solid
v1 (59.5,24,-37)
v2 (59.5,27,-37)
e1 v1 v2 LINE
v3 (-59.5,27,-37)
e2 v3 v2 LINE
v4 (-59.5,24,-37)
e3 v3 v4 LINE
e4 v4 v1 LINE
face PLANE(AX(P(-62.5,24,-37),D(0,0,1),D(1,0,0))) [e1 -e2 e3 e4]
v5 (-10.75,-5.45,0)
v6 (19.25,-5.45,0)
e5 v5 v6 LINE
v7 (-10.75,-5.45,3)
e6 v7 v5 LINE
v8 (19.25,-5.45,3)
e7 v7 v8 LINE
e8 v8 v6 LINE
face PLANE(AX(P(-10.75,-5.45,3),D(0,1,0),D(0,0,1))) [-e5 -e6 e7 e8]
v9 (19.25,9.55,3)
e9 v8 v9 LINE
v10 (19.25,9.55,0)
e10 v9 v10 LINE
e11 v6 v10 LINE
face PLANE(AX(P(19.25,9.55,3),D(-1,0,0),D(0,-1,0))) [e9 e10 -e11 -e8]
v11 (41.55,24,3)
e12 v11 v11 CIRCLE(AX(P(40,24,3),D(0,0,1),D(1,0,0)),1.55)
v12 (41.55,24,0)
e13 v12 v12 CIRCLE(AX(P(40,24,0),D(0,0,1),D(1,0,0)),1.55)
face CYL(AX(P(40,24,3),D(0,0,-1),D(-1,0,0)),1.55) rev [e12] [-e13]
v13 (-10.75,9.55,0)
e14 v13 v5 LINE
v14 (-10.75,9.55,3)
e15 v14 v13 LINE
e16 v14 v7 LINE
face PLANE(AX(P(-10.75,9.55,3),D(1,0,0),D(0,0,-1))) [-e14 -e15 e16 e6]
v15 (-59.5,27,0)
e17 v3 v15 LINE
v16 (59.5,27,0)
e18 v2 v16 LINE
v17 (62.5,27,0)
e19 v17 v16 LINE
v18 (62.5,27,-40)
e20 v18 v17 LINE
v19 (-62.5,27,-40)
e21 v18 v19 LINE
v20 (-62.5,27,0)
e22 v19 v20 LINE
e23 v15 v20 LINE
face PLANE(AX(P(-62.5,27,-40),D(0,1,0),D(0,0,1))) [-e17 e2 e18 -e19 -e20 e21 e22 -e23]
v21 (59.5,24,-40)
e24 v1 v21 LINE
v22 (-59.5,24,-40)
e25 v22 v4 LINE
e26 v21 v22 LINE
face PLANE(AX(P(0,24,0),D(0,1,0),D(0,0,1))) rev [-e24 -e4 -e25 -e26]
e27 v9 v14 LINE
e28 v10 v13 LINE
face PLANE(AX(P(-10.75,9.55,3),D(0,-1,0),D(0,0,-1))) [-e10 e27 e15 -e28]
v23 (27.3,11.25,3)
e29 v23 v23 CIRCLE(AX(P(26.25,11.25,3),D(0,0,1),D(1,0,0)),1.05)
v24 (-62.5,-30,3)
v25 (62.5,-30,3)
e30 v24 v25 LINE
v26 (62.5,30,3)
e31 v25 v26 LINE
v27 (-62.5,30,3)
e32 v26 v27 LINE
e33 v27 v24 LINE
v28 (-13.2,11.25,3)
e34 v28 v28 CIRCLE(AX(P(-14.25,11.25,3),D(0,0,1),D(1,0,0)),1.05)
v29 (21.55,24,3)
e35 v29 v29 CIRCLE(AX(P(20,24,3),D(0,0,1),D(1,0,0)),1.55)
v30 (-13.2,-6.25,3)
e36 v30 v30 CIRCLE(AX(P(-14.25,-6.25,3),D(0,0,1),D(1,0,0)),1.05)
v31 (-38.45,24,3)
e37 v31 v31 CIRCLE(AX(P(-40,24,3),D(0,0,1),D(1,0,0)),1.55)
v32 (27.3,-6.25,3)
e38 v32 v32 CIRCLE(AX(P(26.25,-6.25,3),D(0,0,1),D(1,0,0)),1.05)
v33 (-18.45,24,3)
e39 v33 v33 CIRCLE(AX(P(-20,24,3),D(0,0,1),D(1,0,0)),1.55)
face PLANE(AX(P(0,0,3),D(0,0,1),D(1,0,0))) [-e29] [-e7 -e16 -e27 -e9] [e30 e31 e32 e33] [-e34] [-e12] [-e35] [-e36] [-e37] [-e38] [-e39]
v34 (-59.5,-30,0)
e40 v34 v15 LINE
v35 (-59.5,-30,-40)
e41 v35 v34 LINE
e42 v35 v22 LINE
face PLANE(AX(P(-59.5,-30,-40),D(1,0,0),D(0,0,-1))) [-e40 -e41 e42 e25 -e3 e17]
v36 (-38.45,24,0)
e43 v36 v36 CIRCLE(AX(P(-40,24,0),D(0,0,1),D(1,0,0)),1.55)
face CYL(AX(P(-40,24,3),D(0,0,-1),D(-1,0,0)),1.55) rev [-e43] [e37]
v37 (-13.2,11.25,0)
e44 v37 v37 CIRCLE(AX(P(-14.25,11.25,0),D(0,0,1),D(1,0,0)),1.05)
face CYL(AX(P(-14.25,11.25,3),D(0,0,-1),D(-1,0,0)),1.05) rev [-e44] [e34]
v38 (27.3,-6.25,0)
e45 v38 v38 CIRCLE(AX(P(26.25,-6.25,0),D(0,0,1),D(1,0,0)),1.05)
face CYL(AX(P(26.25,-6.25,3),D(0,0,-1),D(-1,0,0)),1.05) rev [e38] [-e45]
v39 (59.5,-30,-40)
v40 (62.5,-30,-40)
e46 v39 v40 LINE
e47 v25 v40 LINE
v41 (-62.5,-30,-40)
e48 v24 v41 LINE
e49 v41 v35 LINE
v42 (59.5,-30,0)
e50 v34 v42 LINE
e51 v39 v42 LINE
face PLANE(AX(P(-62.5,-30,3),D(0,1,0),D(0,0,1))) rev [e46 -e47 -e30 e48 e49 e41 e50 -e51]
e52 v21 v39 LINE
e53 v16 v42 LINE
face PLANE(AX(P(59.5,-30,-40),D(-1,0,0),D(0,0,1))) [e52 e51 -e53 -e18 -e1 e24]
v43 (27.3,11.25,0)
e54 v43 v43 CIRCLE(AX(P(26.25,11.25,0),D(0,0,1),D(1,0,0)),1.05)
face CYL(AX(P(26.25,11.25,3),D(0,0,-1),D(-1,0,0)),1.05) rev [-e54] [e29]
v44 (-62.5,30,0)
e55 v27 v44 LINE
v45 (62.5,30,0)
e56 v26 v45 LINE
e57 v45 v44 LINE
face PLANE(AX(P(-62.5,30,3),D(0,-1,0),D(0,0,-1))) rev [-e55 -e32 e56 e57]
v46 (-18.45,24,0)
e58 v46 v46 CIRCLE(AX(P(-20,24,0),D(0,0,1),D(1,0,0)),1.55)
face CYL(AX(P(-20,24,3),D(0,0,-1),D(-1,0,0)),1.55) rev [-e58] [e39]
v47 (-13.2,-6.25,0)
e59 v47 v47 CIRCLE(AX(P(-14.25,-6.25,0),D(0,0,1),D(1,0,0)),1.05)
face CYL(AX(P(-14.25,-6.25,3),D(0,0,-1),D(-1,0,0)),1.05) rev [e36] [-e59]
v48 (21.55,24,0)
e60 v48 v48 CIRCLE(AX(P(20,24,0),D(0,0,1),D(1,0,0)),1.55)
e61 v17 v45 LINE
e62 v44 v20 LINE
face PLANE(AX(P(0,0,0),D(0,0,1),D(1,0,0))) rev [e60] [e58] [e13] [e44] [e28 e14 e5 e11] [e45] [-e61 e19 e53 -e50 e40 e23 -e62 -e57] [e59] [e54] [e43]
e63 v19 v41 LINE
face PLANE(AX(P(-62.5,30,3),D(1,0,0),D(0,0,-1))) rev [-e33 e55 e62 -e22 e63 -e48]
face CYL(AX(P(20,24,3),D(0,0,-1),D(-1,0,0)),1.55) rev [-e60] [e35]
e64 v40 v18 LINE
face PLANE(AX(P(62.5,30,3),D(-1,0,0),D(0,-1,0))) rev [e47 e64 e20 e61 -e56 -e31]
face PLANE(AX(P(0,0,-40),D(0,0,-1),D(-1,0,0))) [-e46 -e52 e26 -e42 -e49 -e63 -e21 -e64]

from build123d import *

# Parameters (mm, degrees)
SKETCH_1_W      = 125
SKETCH_1_H      = 60
SKETCH_1_R      = 1.55
SKETCH_1_R_2    = 1.05
SKETCH_1_W_2    = 30
SKETCH_1_H_2    = 15
EXTRUDE_1_DEPTH = 3
SKETCH_4_W      = 3
SKETCH_4_H      = 57
EXTRUDE_3_DEPTH = 43
SKETCH_6_W      = 125
SKETCH_6_H      = 3
EXTRUDE_5_DEPTH = 3


with BuildPart() as part:
    # 草图1 → 凸台-拉伸1 (new body)
    with BuildSketch(Plane.XY):
        Rectangle(SKETCH_1_W, SKETCH_1_H)
        with Locations((-40, 24)):
            Circle(SKETCH_1_R, mode=Mode.SUBTRACT)
        with Locations((-20, 24)):
            Circle(SKETCH_1_R, mode=Mode.SUBTRACT)
        with Locations((20, 24)):
            Circle(SKETCH_1_R, mode=Mode.SUBTRACT)
        with Locations((40, 24)):
            Circle(SKETCH_1_R, mode=Mode.SUBTRACT)
        with Locations((-14.25, 11.25)):
            Circle(SKETCH_1_R_2, mode=Mode.SUBTRACT)
        with Locations((-14.25, -6.25)):
            Circle(SKETCH_1_R_2, mode=Mode.SUBTRACT)
        with Locations((26.25, 11.25)):
            Circle(SKETCH_1_R_2, mode=Mode.SUBTRACT)
        with Locations((26.25, -6.25)):
            Circle(SKETCH_1_R_2, mode=Mode.SUBTRACT)
        with Locations((4.25, 2.05)):
            Rectangle(SKETCH_1_W_2, SKETCH_1_H_2, mode=Mode.SUBTRACT)
    extrude(amount=EXTRUDE_1_DEPTH)

    # 草图4 → 凸台-拉伸3 (add)
    with BuildSketch(Plane.XY.offset(3)):
        with Locations((-61, -1.5)):
            Rectangle(SKETCH_4_W, SKETCH_4_H)
        with Locations((61, -1.5)):
            Rectangle(SKETCH_4_W, SKETCH_4_H)
    extrude(amount=-EXTRUDE_3_DEPTH)

    # 草图6 → 凸台-拉伸5 (add)
    with BuildSketch(Plane(origin=(0, 27, 0), x_dir=(1, 0, 0), z_dir=(0, 1, 0))):
        with Locations((0, 38.5)):
            Rectangle(SKETCH_6_W, SKETCH_6_H)
    extrude(amount=-EXTRUDE_5_DEPTH)


solid = part.part
